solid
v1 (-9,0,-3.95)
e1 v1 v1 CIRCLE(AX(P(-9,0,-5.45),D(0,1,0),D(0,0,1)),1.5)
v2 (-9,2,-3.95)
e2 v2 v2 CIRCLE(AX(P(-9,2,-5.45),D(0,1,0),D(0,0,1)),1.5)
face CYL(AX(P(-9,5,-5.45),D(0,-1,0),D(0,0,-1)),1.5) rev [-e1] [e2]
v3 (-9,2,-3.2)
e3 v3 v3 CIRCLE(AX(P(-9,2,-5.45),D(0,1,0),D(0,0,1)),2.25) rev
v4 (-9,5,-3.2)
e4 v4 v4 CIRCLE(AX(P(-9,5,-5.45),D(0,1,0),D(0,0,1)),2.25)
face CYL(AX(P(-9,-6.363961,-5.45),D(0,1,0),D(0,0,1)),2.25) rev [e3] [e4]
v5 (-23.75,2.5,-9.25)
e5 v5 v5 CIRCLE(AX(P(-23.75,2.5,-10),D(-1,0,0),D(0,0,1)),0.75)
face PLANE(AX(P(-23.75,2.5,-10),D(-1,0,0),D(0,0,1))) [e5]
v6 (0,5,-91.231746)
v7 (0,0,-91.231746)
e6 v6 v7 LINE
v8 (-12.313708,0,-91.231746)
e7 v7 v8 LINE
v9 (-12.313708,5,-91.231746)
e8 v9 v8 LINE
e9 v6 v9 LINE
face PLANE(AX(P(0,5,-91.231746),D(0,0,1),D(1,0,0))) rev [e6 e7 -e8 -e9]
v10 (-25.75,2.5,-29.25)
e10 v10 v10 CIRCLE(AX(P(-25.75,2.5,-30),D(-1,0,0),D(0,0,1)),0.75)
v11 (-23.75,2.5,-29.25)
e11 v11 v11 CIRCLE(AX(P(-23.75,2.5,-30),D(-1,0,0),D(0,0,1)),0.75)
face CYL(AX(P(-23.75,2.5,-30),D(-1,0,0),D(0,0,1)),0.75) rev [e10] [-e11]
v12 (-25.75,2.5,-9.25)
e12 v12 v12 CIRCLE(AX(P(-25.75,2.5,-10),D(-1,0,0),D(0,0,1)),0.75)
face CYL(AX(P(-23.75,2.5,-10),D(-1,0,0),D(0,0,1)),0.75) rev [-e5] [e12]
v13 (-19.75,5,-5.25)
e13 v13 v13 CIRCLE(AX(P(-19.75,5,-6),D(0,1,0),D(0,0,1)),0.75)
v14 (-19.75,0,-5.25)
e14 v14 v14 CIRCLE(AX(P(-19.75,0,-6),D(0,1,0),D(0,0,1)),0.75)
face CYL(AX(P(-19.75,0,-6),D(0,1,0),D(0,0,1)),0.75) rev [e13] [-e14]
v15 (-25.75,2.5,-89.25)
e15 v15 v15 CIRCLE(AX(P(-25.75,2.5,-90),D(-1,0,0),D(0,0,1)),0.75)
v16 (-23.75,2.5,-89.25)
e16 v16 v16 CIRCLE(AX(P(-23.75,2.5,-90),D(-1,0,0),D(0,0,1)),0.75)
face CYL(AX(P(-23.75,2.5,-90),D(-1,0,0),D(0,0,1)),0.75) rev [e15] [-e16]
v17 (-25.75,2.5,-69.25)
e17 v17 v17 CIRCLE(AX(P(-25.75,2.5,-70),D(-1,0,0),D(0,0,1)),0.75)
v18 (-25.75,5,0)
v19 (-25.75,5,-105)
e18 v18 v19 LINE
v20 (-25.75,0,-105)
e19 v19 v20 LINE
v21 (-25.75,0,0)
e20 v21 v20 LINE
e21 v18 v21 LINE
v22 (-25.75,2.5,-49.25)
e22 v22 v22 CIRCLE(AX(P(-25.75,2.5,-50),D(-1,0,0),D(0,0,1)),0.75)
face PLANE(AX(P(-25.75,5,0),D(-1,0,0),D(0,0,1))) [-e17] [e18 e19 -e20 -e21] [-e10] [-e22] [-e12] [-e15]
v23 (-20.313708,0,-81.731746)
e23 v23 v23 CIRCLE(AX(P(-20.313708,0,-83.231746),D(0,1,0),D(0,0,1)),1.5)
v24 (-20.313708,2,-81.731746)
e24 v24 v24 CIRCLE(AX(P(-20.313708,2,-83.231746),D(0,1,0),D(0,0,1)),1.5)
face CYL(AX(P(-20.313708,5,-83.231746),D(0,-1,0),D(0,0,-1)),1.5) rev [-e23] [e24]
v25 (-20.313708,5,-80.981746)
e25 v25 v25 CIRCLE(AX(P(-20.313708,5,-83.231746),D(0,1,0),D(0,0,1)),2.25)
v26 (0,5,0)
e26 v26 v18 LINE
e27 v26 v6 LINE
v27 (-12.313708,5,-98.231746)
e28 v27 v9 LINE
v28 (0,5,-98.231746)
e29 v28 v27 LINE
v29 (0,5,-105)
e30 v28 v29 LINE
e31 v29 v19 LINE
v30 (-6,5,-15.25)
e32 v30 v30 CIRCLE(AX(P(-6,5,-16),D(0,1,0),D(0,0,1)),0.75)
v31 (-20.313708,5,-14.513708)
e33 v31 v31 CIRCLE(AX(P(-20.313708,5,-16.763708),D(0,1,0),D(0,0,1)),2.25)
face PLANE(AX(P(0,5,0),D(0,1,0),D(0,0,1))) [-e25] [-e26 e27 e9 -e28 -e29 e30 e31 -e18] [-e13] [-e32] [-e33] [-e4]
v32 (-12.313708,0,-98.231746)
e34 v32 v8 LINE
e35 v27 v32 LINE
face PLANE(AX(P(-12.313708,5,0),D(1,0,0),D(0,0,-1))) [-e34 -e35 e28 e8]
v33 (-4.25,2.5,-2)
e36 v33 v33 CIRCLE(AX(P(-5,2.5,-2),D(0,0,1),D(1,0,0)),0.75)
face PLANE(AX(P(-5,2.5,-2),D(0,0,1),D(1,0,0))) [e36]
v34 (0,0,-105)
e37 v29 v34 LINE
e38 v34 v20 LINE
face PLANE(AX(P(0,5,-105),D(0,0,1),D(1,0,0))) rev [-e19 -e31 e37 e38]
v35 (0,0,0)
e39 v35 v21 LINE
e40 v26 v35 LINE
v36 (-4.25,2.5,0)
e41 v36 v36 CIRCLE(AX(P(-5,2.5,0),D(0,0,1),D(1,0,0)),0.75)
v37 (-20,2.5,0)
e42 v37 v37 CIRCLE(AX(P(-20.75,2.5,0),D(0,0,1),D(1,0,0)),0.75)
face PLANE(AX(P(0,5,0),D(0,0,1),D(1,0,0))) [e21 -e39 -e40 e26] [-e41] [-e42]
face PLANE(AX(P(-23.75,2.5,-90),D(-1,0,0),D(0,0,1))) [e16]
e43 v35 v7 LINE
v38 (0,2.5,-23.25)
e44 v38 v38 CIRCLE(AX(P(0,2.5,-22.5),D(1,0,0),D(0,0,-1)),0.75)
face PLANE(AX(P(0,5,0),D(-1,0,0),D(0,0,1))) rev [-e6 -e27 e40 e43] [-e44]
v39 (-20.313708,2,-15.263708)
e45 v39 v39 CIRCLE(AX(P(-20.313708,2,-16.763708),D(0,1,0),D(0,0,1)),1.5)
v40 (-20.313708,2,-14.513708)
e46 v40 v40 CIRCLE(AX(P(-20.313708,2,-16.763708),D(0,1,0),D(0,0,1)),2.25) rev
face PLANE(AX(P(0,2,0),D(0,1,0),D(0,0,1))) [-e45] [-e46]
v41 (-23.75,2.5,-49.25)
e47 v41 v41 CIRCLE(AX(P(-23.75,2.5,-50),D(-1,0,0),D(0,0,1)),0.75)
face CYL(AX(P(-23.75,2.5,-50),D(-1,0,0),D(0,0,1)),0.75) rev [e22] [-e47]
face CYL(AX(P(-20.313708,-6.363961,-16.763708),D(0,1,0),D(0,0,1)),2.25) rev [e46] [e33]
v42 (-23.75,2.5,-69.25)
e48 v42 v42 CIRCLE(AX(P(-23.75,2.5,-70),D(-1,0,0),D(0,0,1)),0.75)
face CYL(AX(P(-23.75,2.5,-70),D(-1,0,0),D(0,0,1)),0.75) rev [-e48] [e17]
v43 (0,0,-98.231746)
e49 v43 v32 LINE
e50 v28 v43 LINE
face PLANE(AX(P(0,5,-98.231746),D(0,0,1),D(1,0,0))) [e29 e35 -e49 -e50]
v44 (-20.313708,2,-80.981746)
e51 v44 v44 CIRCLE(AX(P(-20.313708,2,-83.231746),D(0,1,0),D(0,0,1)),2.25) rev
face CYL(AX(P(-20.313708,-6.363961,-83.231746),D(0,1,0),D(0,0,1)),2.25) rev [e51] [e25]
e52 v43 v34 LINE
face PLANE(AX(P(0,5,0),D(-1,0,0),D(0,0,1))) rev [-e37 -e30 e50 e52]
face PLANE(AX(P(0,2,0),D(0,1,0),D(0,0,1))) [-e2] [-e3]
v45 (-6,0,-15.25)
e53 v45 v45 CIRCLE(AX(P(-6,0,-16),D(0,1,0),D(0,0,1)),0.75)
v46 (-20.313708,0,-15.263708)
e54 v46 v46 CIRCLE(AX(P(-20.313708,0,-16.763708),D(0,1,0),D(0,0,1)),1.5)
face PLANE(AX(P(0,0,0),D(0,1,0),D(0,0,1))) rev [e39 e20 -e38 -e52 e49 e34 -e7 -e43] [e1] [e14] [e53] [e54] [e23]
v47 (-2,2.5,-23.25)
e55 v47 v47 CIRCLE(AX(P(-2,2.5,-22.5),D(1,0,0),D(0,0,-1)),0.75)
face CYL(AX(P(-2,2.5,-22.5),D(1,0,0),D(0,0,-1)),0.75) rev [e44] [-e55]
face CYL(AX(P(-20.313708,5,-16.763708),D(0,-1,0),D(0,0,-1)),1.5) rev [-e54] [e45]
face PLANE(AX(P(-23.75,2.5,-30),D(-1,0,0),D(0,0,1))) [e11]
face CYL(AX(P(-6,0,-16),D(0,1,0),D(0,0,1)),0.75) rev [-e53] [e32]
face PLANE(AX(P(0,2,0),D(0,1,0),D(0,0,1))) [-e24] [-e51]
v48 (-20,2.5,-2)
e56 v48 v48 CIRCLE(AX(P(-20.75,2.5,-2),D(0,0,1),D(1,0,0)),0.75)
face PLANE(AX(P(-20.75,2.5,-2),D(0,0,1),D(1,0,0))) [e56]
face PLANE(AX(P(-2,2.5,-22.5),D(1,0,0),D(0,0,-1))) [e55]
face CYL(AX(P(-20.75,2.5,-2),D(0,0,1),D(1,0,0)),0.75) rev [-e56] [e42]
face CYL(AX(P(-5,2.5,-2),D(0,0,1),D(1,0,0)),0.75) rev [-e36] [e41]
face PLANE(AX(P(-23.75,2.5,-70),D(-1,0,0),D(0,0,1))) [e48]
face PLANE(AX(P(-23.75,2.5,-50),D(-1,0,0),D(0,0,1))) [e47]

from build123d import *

# Parameters (mm, degrees)
EXTRUDE_1_DEPTH     = 5
SKETCH_1_12_R       = 1.5
CUT_EXTRUDE_1_DEPTH = 109.226902848
CUT_EXTRUDE_START   = 5
SKETCH_1_13_R       = 2.25
CUT_EXTRUDE_3_DEPTH = 3
SKETCH_2_R          = 0.75
CUT_EXTRUDE_4_DEPTH = 2
SKETCH_3_R          = 0.75
CUT_EXTRUDE_5_DEPTH = 2
SKETCH_4_R          = 0.75
CUT_EXTRUDE_6_DEPTH = 109.226902848
SKETCH_5_R          = 0.75
CUT_EXTRUDE_7_DEPTH = 2


with BuildPart() as part:
    # 草图1 → 凸台-拉伸1 (new body)
    with BuildSketch(Plane(origin=(0, 0, 0), x_dir=(1, 0, 0), z_dir=(0, 1, 0))):
        Polygon((-25.75, 0), (0, 0), (0, 91.231745931), (-12.313708499, 91.231745931), (-12.313708499, 98.231745931), (0, 98.231745931), (0, 105), (-25.75, 105), align=None)
    extrude(amount=EXTRUDE_1_DEPTH)

    # 草图1<12> → 切除-拉伸1 (cut, through all)
    with BuildSketch(Plane(origin=(0, 0, 0), x_dir=(1, 0, 0), z_dir=(0, 1, 0))):
        with Locations(Location((-20.313708499, 83.231745931, 0), (0, 0, 270))):
            Circle(SKETCH_1_12_R)
        with Locations(Location((-20.313708499, 16.763708499, 0), (0, 0, 270))):
            Circle(SKETCH_1_12_R)
        with Locations(Location((-9, 5.45, 0), (0, 0, 270))):
            Circle(SKETCH_1_12_R)
    extrude(amount=CUT_EXTRUDE_1_DEPTH, mode=Mode.SUBTRACT)

    # 草图1<13> → 切除-拉伸3 (cut)
    with BuildSketch(Plane(origin=(0, 0, 0), x_dir=(1, 0, 0), z_dir=(0, 1, 0)).offset(CUT_EXTRUDE_START)):
        with Locations(Location((-20.313708499, 83.231745931, 0), (0, 0, 270))):
            Circle(SKETCH_1_13_R)
        with Locations(Location((-9, 5.45, 0), (0, 0, 270))):
            Circle(SKETCH_1_13_R)
        with Locations(Location((-20.313708499, 16.763708499, 0), (0, 0, 270))):
            Circle(SKETCH_1_13_R)
    extrude(amount=-CUT_EXTRUDE_3_DEPTH, mode=Mode.SUBTRACT)

    # 草图2 → 切除-拉伸4 (cut)
    with BuildSketch(Plane.XY):
        with Locations((-20.75, 2.5)):
            Circle(SKETCH_2_R)
        with Locations((-5, 2.5)):
            Circle(SKETCH_2_R)
    extrude(amount=-CUT_EXTRUDE_4_DEPTH, mode=Mode.SUBTRACT)

    # 草图3 → 切除-拉伸5 (cut)
    with BuildSketch(Plane(origin=(0, 0, 0), x_dir=(0, 0, -1), z_dir=(1, 0, 0))):
        with Locations((22.5, 2.5)):
            Circle(SKETCH_3_R)
    extrude(amount=-CUT_EXTRUDE_5_DEPTH, mode=Mode.SUBTRACT)

    # 草图4 → 切除-拉伸6 (cut, through all)
    with BuildSketch(Plane(origin=(0, 5, 0), x_dir=(1, 0, 0), z_dir=(0, 1, 0))):
        with Locations(Location((-6, 16, 0), (0, 0, 270))):
            Circle(SKETCH_4_R)
        with Locations(Location((-19.75, 6, 0), (0, 0, 270))):
            Circle(SKETCH_4_R)
    extrude(amount=-CUT_EXTRUDE_6_DEPTH, mode=Mode.SUBTRACT)

    # 草图5 → 切除-拉伸7 (cut)
    with BuildSketch(Plane.ZY.offset(25.75)):
        with Locations((-10, 2.5)):
            Circle(SKETCH_5_R)
        with Locations((-50, 2.5)):
            Circle(SKETCH_5_R)
        with Locations((-70, 2.5)):
            Circle(SKETCH_5_R)
        with Locations((-90, 2.5)):
            Circle(SKETCH_5_R)
        with Locations((-30, 2.5)):
            Circle(SKETCH_5_R)
    extrude(amount=-CUT_EXTRUDE_7_DEPTH, mode=Mode.SUBTRACT)


solid = part.part
